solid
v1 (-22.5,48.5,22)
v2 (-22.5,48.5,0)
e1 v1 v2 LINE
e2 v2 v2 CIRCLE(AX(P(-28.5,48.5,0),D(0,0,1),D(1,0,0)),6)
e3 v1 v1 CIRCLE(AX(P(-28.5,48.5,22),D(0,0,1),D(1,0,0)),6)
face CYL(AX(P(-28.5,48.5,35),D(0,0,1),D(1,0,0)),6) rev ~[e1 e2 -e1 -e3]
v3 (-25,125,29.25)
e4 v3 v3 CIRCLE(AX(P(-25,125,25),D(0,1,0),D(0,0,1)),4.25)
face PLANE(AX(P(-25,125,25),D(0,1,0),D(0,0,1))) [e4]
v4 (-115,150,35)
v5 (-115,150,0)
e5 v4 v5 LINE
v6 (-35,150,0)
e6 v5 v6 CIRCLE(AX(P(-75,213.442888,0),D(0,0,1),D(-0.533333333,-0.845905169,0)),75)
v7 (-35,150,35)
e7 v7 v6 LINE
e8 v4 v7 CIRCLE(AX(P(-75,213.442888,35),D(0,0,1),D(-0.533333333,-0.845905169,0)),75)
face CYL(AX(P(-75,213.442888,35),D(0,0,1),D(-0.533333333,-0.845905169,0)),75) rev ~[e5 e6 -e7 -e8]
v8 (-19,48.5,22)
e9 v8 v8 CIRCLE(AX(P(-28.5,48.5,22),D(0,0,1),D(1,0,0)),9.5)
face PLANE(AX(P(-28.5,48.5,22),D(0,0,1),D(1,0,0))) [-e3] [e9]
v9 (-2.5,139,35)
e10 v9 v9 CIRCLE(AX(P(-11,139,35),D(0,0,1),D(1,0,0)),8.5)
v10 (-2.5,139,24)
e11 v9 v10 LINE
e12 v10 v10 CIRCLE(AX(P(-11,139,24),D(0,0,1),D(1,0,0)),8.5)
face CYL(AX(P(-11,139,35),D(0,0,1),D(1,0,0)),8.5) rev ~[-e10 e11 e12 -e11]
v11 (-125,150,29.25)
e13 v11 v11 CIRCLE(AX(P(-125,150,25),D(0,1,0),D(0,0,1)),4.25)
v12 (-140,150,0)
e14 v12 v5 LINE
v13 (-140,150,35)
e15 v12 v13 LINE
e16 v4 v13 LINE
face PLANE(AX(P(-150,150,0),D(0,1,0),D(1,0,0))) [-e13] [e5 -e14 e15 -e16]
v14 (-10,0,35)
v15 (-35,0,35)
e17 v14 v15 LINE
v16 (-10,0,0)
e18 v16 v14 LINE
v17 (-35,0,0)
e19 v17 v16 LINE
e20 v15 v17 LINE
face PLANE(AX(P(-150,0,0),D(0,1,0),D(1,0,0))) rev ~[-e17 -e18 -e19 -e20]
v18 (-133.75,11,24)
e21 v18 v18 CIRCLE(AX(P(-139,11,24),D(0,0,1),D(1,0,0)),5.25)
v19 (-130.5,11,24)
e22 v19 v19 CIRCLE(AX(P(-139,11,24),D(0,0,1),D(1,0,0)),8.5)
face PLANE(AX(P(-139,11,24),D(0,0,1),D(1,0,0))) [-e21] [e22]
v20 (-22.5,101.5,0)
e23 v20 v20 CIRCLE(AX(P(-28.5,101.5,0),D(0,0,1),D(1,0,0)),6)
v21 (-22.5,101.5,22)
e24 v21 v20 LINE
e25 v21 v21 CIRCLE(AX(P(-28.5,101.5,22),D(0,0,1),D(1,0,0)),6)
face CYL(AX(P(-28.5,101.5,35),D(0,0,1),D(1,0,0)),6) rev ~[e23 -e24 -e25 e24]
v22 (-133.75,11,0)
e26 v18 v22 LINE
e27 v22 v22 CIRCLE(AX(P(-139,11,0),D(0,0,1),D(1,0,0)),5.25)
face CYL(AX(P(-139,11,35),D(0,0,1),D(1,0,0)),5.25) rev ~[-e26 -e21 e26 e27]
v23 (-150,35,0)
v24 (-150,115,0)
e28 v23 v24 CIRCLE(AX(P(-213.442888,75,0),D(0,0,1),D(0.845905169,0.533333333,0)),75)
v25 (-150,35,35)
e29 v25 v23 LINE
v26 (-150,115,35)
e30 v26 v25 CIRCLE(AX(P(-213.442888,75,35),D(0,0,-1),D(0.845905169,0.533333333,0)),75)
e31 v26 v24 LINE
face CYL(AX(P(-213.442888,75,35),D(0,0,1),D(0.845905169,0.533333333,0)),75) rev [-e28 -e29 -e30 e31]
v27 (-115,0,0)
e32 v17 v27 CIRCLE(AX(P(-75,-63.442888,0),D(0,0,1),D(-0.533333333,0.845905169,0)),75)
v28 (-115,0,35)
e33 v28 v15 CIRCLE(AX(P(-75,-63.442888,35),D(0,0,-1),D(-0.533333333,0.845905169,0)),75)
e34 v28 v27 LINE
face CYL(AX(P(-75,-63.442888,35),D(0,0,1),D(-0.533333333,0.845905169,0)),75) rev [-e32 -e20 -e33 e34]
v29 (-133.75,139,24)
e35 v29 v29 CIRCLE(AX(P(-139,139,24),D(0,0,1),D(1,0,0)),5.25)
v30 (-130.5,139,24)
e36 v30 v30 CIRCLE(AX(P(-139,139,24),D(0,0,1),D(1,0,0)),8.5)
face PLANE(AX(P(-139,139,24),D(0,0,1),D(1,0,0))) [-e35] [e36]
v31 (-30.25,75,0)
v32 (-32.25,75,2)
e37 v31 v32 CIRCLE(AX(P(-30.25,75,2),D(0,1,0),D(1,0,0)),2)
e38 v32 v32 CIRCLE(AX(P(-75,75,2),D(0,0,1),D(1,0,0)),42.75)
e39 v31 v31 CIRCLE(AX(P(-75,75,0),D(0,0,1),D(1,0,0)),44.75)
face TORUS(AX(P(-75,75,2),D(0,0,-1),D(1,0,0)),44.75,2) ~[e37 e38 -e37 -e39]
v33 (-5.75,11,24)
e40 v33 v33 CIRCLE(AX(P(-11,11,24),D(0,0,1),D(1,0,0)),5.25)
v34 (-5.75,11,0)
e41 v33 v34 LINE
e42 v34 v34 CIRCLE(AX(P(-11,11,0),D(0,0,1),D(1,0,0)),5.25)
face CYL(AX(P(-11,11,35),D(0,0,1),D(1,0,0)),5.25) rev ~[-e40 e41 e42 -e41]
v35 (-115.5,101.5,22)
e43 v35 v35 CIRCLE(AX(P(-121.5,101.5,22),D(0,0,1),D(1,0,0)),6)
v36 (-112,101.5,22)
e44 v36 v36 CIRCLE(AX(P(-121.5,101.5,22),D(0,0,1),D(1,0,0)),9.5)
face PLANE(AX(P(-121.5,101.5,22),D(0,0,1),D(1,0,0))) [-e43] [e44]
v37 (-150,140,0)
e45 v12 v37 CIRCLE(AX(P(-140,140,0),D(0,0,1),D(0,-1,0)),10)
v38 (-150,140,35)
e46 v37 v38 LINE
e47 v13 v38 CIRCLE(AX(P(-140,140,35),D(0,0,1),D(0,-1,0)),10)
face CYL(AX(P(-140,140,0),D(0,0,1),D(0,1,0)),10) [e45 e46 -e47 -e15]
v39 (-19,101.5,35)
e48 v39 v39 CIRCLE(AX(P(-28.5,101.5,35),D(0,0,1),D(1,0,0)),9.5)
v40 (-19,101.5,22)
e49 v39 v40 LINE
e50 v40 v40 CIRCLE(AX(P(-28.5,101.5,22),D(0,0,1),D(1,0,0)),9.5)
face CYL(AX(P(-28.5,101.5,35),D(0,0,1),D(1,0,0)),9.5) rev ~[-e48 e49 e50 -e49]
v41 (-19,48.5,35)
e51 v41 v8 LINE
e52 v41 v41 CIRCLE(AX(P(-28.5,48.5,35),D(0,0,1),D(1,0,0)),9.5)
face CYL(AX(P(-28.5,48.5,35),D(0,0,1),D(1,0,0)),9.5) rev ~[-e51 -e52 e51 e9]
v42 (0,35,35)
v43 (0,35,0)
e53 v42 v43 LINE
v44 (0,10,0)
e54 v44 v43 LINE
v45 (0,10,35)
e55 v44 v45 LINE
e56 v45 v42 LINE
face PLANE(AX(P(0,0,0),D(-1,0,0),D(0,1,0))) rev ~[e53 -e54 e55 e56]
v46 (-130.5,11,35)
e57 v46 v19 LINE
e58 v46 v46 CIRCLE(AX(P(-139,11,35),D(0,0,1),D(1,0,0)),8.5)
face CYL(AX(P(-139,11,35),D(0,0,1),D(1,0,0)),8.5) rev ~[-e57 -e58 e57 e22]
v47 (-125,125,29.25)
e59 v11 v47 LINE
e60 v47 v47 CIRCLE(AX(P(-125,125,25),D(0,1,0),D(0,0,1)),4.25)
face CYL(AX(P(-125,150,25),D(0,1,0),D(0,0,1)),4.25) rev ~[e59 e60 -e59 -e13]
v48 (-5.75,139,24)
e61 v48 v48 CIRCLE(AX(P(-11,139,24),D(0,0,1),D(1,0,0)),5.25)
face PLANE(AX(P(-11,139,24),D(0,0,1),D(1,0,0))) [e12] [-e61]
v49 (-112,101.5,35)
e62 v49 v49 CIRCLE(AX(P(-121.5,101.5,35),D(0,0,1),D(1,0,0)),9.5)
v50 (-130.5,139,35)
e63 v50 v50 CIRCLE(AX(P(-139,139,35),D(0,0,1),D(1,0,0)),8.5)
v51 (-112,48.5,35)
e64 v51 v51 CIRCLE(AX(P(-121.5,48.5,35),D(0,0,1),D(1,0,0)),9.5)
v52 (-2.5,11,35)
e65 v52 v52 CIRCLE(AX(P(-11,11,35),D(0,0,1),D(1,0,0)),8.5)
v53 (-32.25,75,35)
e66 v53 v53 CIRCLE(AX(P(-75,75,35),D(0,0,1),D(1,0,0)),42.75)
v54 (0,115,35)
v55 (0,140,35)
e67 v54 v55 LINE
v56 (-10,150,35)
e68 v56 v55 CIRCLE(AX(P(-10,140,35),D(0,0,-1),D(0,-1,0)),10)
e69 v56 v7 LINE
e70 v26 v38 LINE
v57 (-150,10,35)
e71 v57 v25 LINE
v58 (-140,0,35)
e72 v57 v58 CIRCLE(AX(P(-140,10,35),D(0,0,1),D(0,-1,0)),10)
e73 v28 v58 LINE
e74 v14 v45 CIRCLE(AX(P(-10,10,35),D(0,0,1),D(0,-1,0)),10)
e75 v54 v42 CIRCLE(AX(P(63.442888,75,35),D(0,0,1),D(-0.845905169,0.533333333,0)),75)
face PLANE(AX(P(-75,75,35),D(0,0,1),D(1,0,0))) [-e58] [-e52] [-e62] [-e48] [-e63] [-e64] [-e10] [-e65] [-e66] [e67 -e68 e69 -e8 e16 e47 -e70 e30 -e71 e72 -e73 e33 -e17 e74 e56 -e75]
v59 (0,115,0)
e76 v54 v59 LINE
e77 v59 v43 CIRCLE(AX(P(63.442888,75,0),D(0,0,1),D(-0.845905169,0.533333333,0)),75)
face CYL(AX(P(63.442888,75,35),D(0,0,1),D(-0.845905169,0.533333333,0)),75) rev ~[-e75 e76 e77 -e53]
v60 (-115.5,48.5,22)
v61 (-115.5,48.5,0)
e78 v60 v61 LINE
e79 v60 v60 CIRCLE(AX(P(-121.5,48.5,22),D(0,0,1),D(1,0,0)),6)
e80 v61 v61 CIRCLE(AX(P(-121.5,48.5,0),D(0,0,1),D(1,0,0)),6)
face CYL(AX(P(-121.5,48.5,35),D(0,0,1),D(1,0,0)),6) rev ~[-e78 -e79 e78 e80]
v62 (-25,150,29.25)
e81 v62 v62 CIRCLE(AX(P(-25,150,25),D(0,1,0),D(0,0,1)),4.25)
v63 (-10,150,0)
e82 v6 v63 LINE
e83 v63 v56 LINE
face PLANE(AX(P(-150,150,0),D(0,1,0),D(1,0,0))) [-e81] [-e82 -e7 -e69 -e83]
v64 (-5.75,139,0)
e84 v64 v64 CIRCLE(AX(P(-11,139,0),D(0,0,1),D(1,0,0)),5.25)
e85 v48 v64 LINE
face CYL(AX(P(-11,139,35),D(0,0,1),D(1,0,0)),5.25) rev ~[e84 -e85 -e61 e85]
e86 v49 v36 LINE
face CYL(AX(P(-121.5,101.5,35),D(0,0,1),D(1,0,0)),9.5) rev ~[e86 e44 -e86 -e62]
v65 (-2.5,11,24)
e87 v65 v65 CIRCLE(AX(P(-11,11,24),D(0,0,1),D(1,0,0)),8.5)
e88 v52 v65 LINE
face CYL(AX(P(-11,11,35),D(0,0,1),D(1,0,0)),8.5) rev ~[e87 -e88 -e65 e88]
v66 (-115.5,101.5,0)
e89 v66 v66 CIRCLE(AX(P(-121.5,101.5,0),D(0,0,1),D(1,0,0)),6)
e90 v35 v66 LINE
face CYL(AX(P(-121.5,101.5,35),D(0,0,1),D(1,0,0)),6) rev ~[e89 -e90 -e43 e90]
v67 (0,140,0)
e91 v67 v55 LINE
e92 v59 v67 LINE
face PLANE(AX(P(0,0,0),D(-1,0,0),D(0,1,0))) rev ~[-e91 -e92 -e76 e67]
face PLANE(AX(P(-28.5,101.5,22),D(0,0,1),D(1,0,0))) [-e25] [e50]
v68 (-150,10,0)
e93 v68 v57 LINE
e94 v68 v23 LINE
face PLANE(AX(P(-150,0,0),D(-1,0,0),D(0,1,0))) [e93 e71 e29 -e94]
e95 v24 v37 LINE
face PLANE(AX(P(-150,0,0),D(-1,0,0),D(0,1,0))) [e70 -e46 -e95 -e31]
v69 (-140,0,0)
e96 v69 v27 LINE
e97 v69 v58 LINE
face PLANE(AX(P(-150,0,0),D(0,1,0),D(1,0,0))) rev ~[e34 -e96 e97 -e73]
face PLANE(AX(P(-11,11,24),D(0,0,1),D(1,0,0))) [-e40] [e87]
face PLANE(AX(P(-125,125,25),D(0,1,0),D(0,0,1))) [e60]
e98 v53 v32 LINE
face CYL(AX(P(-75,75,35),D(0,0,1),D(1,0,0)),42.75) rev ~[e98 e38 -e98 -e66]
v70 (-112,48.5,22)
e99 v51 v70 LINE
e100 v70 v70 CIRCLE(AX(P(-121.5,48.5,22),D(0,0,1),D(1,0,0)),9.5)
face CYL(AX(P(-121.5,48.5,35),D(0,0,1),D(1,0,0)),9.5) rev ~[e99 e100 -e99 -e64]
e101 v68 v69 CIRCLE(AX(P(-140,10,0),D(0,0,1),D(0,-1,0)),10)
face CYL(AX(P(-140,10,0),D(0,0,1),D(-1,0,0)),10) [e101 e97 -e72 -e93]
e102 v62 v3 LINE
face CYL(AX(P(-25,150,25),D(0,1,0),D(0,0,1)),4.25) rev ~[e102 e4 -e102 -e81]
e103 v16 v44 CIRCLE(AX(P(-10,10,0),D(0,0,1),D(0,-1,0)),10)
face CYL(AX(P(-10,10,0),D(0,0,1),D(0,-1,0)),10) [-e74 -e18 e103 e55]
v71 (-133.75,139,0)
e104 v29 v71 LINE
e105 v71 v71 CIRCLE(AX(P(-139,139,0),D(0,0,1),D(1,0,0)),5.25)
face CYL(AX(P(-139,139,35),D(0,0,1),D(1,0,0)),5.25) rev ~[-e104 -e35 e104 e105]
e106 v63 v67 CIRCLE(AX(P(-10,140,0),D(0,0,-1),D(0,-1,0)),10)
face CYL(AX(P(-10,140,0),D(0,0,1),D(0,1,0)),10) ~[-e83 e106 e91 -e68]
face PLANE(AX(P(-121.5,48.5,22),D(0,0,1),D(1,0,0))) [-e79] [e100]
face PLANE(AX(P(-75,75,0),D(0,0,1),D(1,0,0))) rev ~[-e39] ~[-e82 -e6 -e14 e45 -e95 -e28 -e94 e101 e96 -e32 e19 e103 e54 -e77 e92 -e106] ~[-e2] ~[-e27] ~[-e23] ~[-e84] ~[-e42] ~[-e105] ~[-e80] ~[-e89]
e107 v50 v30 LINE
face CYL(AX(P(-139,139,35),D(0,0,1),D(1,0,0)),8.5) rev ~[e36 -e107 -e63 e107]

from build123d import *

# Parameters (mm, degrees)
ESQUISSE2_W                   = 150
ESQUISSE2_H                   = 150
BOSS_EXTRU_1_DEPTH            = 35
ESQUISSE3_R                   = 42.75
ENL_V_MAT_EXTRU_2_DEPTH       = 40
ESQUISSE5_R                   = 6
ENL_V_MAT_EXTRU_3_DEPTH       = 40
ESQUISSE6_R                   = 9.5
ENL_V_MAT_EXTRU_4_DEPTH       = 13
ESQUISSE7_R                   = 5.25
ENL_V_MAT_EXTRU_5_DEPTH       = 40
ESQUISSE8_R                   = 8.5
ENL_V_MAT_EXTRU_6_DEPTH       = 11
ESQUISSE9_R                   = 4.25
ENL_V_MAT_EXTRU_7_DEPTH       = 25
ENL_V_MAT_EXTRU_8_DEPTH       = 1
ENL_V_MAT_EXTRU_8_DEPTH_BACK  = 36
ENL_V_MAT_EXTRU_12_DEPTH      = 1
ENL_V_MAT_EXTRU_12_DEPTH_BACK = 36
ENL_V_MAT_EXTRU_13_DEPTH      = 1
ENL_V_MAT_EXTRU_13_DEPTH_BACK = 36
ENL_V_MAT_EXTRU_14_DEPTH      = 1
ENL_V_MAT_EXTRU_14_DEPTH_BACK = 36
CONG_1_R                      = 10
CONG_2_R                      = 10
CONG_3_R                      = 10
CONG_4_R                      = 10
CONG_5_R                      = 2


with BuildPart() as part:
    # Esquisse2 → Boss.-Extru.1 (new body)
    with BuildSketch(Plane.XY):
        with Locations((-75, 75)):
            Rectangle(ESQUISSE2_W, ESQUISSE2_H)
    extrude(amount=BOSS_EXTRU_1_DEPTH)

    # Esquisse3 → Enlèv. mat.-Extru.2 (cut)
    with BuildSketch(Plane.XY.offset(35)):
        with Locations((-75, 75)):
            Circle(ESQUISSE3_R)
    extrude(amount=-ENL_V_MAT_EXTRU_2_DEPTH, mode=Mode.SUBTRACT)

    # Esquisse5 → Enlèv. mat.-Extru.3 (cut)
    with BuildSketch(Plane.XY.offset(35)):
        with Locations((-28.5, 101.5)):
            Circle(ESQUISSE5_R)
        with Locations((-28.5, 48.5)):
            Circle(ESQUISSE5_R)
        with Locations((-121.5, 48.5)):
            Circle(ESQUISSE5_R)
        with Locations((-121.5, 101.5)):
            Circle(ESQUISSE5_R)
    extrude(amount=-ENL_V_MAT_EXTRU_3_DEPTH, mode=Mode.SUBTRACT)

    # Esquisse6 → Enlèv. mat.-Extru.4 (cut)
    with BuildSketch(Plane.XY.offset(35)):
        with Locations((-28.5, 101.5)):
            Circle(ESQUISSE6_R)
        with Locations((-28.5, 48.5)):
            Circle(ESQUISSE6_R)
        with Locations((-121.5, 48.5)):
            Circle(ESQUISSE6_R)
        with Locations((-121.5, 101.5)):
            Circle(ESQUISSE6_R)
    extrude(amount=-ENL_V_MAT_EXTRU_4_DEPTH, mode=Mode.SUBTRACT)

    # Esquisse7 → Enlèv. mat.-Extru.5 (cut)
    with BuildSketch(Plane.XY.offset(35)):
        with Locations((-11, 139)):
            Circle(ESQUISSE7_R)
        with Locations((-11, 11)):
            Circle(ESQUISSE7_R)
        with Locations((-139, 11)):
            Circle(ESQUISSE7_R)
        with Locations((-139, 139)):
            Circle(ESQUISSE7_R)
    extrude(amount=-ENL_V_MAT_EXTRU_5_DEPTH, mode=Mode.SUBTRACT)

    # Esquisse8 → Enlèv. mat.-Extru.6 (cut)
    with BuildSketch(Plane.XY.offset(35)):
        with Locations((-11, 139)):
            Circle(ESQUISSE8_R)
        with Locations((-11, 11)):
            Circle(ESQUISSE8_R)
        with Locations((-139, 11)):
            Circle(ESQUISSE8_R)
        with Locations((-139, 139)):
            Circle(ESQUISSE8_R)
    extrude(amount=-ENL_V_MAT_EXTRU_6_DEPTH, mode=Mode.SUBTRACT)

    # Esquisse9 → Enlèv. mat.-Extru.7 (cut)
    with BuildSketch(Plane(origin=(0, 150, 0), x_dir=(1, 0, 0), z_dir=(0, 1, 0))):
        with Locations(Location((-25, -25, 0), (0, 0, 270))):  # turned: the seam where the file's is
            Circle(ESQUISSE9_R)
        with Locations(Location((-125, -25, 0), (0, 0, 270))):  # turned: the seam where the file's is
            Circle(ESQUISSE9_R)
    extrude(amount=-ENL_V_MAT_EXTRU_7_DEPTH, mode=Mode.SUBTRACT)

    # Esquisse19 → Enlèv. mat.-Extru.8 (cut, two sides)
    with BuildSketch(Plane.XY.offset(35)) as enl_v_mat_extru_8_sk:
        with BuildLine():
            Line((206.944620495, 443.229107967), (0, 115))
            ThreePointArc((0, 115), (-11.557112298, 75), (0, 35))
            Line((0, 35), (206.944620495, -293.229107967))
            Line((206.944620495, -293.229107967), (982.986947353, -293.229107967))
            Line((982.986947353, -293.229107967), (982.986947353, 443.229107967))
            Line((982.986947353, 443.229107967), (206.944620495, 443.229107967))
        make_face()
    extrude(amount=ENL_V_MAT_EXTRU_8_DEPTH, mode=Mode.SUBTRACT)
    extrude(enl_v_mat_extru_8_sk.sketch, amount=-ENL_V_MAT_EXTRU_8_DEPTH_BACK, mode=Mode.SUBTRACT)

    # Esquisse22 → Enlèv. mat.-Extru.12 (cut, two sides)
    with BuildSketch(Plane.XY.offset(35)) as enl_v_mat_extru_12_sk:
        with BuildLine():
            Line((-443.229107967, -206.944620495), (-115, 0))
            ThreePointArc((-115, 0), (-75, 11.557112298), (-35, 0))
            Line((-35, 0), (293.229107967, -206.944620495))
            Line((293.229107967, -206.944620495), (293.229107967, -982.986947353))
            Line((293.229107967, -982.986947353), (-443.229107967, -982.986947353))
            Line((-443.229107967, -982.986947353), (-443.229107967, -206.944620495))
        make_face()
    extrude(amount=ENL_V_MAT_EXTRU_12_DEPTH, mode=Mode.SUBTRACT)
    extrude(enl_v_mat_extru_12_sk.sketch, amount=-ENL_V_MAT_EXTRU_12_DEPTH_BACK, mode=Mode.SUBTRACT)

    # Esquisse27 → Enlèv. mat.-Extru.13 (cut, two sides)
    with BuildSketch(Plane.XY.offset(35)) as enl_v_mat_extru_13_sk:
        with BuildLine():
            Line((-356.944620495, 443.229107967), (-150, 115))
            ThreePointArc((-150, 115), (-138.442887702, 75), (-150, 35))
            Line((-150, 35), (-356.944620495, -293.229107967))
            Line((-356.944620495, -293.229107967), (-1132.986947353, -293.229107967))
            Line((-1132.986947353, -293.229107967), (-1132.986947353, 443.229107967))
            Line((-1132.986947353, 443.229107967), (-356.944620495, 443.229107967))
        make_face()
    extrude(amount=ENL_V_MAT_EXTRU_13_DEPTH, mode=Mode.SUBTRACT)
    extrude(enl_v_mat_extru_13_sk.sketch, amount=-ENL_V_MAT_EXTRU_13_DEPTH_BACK, mode=Mode.SUBTRACT)

    # Esquisse28 → Enlèv. mat.-Extru.14 (cut, two sides)
    with BuildSketch(Plane.XY.offset(35)) as enl_v_mat_extru_14_sk:
        with BuildLine():
            Line((-443.229107967, 356.944620495), (-115, 150))
            ThreePointArc((-115, 150), (-75, 138.442887702), (-35, 150))
            Line((-35, 150), (293.229107967, 356.944620495))
            Line((293.229107967, 356.944620495), (293.229107967, 1132.986947353))
            Line((293.229107967, 1132.986947353), (-443.229107967, 1132.986947353))
            Line((-443.229107967, 1132.986947353), (-443.229107967, 356.944620495))
        make_face()
    extrude(amount=ENL_V_MAT_EXTRU_14_DEPTH, mode=Mode.SUBTRACT)
    extrude(enl_v_mat_extru_14_sk.sketch, amount=-ENL_V_MAT_EXTRU_14_DEPTH_BACK, mode=Mode.SUBTRACT)

    # Congé1
    cong_1_edges = [part.edges().sort_by_distance(p)[0] for p in [
        (0, 150, 17.5),
    ]]
    fillet(cong_1_edges, radius=CONG_1_R)

    # Congé2
    cong_2_edges = [part.edges().sort_by_distance(p)[0] for p in [
        (-150, 150, 17.5),
    ]]
    fillet(cong_2_edges, radius=CONG_2_R)

    # Congé3
    cong_3_edges = [part.edges().sort_by_distance(p)[0] for p in [
        (-150, 0, 17.5),
    ]]
    fillet(cong_3_edges, radius=CONG_3_R)

    # Congé4
    cong_4_edges = [part.edges().sort_by_distance(p)[0] for p in [
        (0, 0, 17.5),
    ]]
    fillet(cong_4_edges, radius=CONG_4_R)

    # Congé5
    cong_5_edges = [part.edges().sort_by_distance(p)[0] for p in [
        (-117.75, 75, 0),
    ]]
    fillet(cong_5_edges, radius=CONG_5_R)


solid = part.part
